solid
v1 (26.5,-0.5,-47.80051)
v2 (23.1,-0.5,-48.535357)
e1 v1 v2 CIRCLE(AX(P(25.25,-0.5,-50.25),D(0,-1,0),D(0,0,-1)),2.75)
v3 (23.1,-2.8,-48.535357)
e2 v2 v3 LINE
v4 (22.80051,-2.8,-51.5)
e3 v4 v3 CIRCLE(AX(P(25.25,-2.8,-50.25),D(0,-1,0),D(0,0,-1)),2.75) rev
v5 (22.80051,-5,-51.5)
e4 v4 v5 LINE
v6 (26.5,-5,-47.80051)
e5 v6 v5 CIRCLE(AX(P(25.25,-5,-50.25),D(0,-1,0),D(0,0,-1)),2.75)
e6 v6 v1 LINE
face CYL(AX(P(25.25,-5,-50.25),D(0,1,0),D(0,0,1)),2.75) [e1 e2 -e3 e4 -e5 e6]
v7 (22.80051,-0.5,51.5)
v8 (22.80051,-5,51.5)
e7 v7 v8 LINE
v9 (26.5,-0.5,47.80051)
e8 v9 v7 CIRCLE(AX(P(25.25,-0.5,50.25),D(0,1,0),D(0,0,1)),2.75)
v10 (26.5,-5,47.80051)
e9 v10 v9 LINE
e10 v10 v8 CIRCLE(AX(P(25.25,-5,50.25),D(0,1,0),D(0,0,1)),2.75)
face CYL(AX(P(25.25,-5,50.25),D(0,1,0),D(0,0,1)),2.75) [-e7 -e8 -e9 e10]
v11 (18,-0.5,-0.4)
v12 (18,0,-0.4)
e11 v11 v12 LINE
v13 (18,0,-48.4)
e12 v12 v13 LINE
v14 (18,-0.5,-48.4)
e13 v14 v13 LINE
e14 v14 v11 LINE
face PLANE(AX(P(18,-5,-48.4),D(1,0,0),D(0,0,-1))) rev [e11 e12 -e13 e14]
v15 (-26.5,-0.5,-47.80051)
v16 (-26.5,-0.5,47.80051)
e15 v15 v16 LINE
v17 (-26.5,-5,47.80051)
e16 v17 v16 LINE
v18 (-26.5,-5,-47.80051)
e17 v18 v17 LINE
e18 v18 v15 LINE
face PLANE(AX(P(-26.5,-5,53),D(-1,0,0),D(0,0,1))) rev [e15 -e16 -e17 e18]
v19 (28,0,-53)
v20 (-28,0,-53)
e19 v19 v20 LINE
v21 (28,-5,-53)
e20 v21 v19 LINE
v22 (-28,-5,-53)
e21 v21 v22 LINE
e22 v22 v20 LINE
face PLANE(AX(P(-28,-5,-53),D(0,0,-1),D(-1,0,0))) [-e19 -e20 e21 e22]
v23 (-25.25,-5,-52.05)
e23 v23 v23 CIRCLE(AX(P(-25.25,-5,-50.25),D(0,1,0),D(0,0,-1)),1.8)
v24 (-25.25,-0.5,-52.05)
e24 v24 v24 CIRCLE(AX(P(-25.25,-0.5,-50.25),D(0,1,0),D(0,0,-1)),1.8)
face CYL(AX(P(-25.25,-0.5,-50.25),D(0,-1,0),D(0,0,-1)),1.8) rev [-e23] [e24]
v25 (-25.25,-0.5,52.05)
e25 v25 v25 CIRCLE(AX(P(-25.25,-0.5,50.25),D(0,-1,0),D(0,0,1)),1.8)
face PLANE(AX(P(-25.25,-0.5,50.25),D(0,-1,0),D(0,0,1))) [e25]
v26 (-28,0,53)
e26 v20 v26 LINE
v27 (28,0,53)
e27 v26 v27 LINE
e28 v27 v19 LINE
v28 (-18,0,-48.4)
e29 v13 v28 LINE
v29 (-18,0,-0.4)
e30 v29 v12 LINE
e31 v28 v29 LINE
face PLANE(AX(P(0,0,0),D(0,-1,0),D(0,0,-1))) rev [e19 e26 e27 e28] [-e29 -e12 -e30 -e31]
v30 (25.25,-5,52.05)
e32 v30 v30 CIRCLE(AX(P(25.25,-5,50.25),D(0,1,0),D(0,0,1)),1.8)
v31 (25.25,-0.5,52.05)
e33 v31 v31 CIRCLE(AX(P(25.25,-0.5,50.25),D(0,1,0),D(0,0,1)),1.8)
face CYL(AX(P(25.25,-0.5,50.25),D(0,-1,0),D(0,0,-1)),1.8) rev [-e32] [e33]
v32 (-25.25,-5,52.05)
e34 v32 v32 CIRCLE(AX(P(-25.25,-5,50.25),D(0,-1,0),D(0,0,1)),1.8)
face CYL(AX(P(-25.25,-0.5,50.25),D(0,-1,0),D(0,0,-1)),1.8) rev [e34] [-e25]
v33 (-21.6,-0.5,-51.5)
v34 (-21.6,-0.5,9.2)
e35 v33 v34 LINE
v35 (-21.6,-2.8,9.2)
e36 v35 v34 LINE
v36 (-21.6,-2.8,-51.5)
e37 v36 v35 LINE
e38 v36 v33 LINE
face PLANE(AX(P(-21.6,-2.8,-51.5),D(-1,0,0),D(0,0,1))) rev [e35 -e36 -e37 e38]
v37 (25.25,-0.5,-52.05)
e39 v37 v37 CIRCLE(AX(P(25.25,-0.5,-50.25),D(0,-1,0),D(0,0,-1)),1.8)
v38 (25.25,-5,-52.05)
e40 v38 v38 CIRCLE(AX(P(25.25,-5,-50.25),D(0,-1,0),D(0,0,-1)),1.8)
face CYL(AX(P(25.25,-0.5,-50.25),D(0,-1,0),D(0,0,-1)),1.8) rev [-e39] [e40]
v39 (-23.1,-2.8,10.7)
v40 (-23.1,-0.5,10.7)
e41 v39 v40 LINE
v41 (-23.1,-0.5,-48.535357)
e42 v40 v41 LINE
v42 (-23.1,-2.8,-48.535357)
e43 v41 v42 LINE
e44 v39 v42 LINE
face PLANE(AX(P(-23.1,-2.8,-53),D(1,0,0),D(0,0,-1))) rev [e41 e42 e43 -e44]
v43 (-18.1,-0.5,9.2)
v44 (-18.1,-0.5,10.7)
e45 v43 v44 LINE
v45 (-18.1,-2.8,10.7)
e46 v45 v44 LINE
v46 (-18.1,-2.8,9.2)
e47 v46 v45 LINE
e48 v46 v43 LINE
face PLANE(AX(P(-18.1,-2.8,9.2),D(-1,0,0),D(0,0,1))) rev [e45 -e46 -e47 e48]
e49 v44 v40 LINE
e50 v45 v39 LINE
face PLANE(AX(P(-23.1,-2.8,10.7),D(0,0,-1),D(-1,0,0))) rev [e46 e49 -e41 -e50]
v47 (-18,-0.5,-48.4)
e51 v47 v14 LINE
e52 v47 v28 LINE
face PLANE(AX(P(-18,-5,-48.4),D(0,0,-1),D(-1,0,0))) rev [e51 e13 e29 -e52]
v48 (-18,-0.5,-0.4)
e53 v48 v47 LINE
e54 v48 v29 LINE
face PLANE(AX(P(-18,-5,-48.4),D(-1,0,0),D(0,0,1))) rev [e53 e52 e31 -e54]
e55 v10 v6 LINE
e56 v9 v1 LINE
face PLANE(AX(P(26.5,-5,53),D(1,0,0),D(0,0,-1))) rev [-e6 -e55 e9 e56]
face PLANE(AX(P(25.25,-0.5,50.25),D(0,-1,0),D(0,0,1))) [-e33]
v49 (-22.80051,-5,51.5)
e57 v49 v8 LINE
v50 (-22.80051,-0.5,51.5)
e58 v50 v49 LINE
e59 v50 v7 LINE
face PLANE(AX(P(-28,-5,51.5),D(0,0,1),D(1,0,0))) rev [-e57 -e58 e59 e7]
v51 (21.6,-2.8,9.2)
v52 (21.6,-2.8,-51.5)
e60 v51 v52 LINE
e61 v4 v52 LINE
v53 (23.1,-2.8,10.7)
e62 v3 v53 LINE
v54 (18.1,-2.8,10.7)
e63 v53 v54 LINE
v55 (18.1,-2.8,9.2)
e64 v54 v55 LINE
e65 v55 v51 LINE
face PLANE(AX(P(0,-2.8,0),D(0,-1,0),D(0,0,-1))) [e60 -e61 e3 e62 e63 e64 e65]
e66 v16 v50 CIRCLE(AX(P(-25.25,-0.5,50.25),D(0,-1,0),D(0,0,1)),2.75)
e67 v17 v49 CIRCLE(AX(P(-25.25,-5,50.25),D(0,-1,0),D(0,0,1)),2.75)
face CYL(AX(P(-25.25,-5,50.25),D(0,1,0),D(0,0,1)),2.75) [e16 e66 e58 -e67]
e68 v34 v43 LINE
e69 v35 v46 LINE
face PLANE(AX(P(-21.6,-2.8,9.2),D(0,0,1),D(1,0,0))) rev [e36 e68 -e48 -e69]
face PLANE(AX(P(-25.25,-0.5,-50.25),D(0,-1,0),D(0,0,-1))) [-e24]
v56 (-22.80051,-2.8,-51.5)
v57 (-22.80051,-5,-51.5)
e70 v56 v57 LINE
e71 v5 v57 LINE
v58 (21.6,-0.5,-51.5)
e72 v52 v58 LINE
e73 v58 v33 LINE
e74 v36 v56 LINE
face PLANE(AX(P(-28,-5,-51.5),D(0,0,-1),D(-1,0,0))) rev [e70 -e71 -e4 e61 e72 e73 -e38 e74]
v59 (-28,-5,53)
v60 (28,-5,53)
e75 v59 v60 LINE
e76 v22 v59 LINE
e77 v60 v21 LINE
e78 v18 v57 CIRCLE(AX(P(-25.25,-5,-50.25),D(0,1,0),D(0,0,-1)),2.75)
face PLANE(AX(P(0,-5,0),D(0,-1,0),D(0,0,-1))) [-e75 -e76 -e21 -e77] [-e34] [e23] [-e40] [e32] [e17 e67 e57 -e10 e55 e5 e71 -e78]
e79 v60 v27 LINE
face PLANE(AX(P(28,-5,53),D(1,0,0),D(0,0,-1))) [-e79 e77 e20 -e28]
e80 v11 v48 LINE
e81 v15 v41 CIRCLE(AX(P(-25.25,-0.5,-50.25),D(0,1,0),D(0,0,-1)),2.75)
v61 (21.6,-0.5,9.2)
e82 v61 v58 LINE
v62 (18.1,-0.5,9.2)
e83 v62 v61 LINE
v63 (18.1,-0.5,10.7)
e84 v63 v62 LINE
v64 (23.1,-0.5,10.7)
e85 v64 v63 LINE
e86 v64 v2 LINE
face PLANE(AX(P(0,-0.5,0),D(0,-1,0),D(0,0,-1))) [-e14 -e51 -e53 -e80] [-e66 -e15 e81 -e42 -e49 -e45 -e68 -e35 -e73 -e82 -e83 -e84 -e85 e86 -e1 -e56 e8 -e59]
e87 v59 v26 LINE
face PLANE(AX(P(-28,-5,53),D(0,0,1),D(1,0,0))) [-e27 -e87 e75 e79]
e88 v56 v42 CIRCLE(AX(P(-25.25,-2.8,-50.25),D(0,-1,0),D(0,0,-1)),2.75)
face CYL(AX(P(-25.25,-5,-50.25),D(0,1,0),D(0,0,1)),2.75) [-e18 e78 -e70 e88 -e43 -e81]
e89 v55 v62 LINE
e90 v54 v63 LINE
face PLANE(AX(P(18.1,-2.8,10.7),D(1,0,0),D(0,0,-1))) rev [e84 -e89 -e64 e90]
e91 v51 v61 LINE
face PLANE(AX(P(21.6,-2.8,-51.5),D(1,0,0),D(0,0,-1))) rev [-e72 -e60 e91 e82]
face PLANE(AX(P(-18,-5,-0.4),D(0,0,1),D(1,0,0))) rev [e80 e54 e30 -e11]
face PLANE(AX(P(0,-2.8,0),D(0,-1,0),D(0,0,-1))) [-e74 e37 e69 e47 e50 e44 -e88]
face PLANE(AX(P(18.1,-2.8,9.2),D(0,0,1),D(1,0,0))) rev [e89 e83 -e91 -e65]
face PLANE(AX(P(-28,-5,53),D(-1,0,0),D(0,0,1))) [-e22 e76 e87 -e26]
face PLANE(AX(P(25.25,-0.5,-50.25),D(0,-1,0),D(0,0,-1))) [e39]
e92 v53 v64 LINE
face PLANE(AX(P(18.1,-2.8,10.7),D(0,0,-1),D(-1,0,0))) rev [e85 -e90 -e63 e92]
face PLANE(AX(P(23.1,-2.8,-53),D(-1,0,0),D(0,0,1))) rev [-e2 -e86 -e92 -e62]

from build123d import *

# Parameters (mm, degrees)
SKETCH1_W                 = 56
SKETCH1_H                 = 106
BOSS_EXTRUDE1_DEPTH       = 5
SHELL1_T                  = -1.5
SHELL1_THICKNESS_2_FACE_W = 103
SHELL1_THICKNESS_2_FACE_H = 53
SHELL1_THICKNESS_2_DEPTH  = 1
SKETCH2_W                 = 36
SKETCH2_H                 = 48
CUT_EXTRUDE1_DEPTH        = 61.149812967
BOSS_EXTRUDE2_DEPTH       = 2.3
SKETCH4_R                 = 2.75
BOSS_EXTRUDE3_DEPTH       = 4.5
SKETCH5_R                 = 1.8
CUT_EXTRUDE2_DEPTH        = 4.5
MIRROR2_COPY_1_SKETCH_R   = 2.75
MIRROR2_COPY_1_DEPTH      = 4.5
MIRROR2_COPY_2_SKETCH_R   = 1.8
MIRROR2_COPY_2_DEPTH      = 4.5


with BuildPart() as part:
    # Sketch1 → Boss-Extrude1 (new body)
    with BuildSketch(Plane(origin=(0, 0, 0), x_dir=(1, 0, 0), z_dir=(0, 1, 0))):
        Rectangle(SKETCH1_W, SKETCH1_H)
    extrude(amount=-BOSS_EXTRUDE1_DEPTH)

    # Shell1
    shell1_openings = [part.faces().sort_by_distance(p)[0] for p in [
        (0, -5, 0),
    ]]
    offset(amount=SHELL1_T, openings=shell1_openings, kind=Kind.INTERSECTION)

    # Shell1 thickness 2 face (on inner face of the shell) → Shell1 thickness 2 (cut)
    with BuildSketch(Plane.ZX.offset(-1.5)):
        Rectangle(SHELL1_THICKNESS_2_FACE_W, SHELL1_THICKNESS_2_FACE_H)
    extrude(amount=SHELL1_THICKNESS_2_DEPTH, mode=Mode.SUBTRACT)

    # Sketch2 → Cut-Extrude1 (cut, through all)
    with BuildSketch(Plane(origin=(0, 0, 0), x_dir=(1, 0, 0), z_dir=(0, 1, 0))):
        with Locations((0, 24.4)):
            Rectangle(SKETCH2_W, SKETCH2_H)
    extrude(amount=-CUT_EXTRUDE1_DEPTH, mode=Mode.SUBTRACT)

    # Sketch3 → Boss-Extrude2 (add)
    with BuildSketch(Plane.XZ.offset(0.5)):
        Polygon((-21.6, -51.5), (21.6, -51.5), (21.6, 9.2), (18.1, 9.2), (18.1, 10.7), (23.1, 10.7), (23.1, -53), (-23.1, -53), (-23.1, 10.7), (-18.1, 10.7), (-18.1, 9.2), (-21.6, 9.2), align=None)
    extrude(amount=BOSS_EXTRUDE2_DEPTH)

    # Sketch4 → Boss-Extrude3 (add)
    with BuildSketch(Plane.XZ.offset(0.5)):
        with Locations((25.25, -50.25)):
            Circle(SKETCH4_R)
    boss_extrude3 = extrude(amount=BOSS_EXTRUDE3_DEPTH)

    # Sketch5 → Cut-Extrude2 (cut)
    with BuildSketch(Plane.XZ.offset(5)):
        with Locations(Location((25.25, -50.25, 0), (0, 0, 270))):
            Circle(SKETCH5_R)
    cut_extrude2 = extrude(amount=-CUT_EXTRUDE2_DEPTH, mode=Mode.SUBTRACT)

    # Mirror1: Boss-Extrude3, Cut-Extrude2 across plane
    add(boss_extrude3.mirror(Plane.XY))
    add(cut_extrude2.mirror(Plane.XY), mode=Mode.SUBTRACT)

    # Mirror2: Boss-Extrude3, Cut-Extrude2 across plane
    add(boss_extrude3.mirror(Plane(origin=(0, 0, 0), x_dir=(0, 0, 1), z_dir=(1, 0, 0))))
    add(cut_extrude2.mirror(Plane(origin=(0, 0, 0), x_dir=(0, 0, 1), z_dir=(1, 0, 0))), mode=Mode.SUBTRACT)

    # Mirror2 copy 1 sketch → Mirror2 copy 1 (add)
    with BuildSketch(Plane(origin=(0, -0.5, 0), x_dir=(-1, 0, 0), z_dir=(0, -1, 0))):
        with Locations((25.25, -50.25)):
            Circle(MIRROR2_COPY_1_SKETCH_R)
    extrude(amount=MIRROR2_COPY_1_DEPTH)

    # Mirror2 copy 2 sketch → Mirror2 copy 2 (cut)
    with BuildSketch(Plane(origin=(0, -5, 0), x_dir=(-1, 0, 0), z_dir=(0, -1, 0))):
        with Locations(Location((25.25, -50.25, 0), (0, 0, 270))):
            Circle(MIRROR2_COPY_2_SKETCH_R)
    extrude(amount=-MIRROR2_COPY_2_DEPTH, mode=Mode.SUBTRACT)


solid = part.part
